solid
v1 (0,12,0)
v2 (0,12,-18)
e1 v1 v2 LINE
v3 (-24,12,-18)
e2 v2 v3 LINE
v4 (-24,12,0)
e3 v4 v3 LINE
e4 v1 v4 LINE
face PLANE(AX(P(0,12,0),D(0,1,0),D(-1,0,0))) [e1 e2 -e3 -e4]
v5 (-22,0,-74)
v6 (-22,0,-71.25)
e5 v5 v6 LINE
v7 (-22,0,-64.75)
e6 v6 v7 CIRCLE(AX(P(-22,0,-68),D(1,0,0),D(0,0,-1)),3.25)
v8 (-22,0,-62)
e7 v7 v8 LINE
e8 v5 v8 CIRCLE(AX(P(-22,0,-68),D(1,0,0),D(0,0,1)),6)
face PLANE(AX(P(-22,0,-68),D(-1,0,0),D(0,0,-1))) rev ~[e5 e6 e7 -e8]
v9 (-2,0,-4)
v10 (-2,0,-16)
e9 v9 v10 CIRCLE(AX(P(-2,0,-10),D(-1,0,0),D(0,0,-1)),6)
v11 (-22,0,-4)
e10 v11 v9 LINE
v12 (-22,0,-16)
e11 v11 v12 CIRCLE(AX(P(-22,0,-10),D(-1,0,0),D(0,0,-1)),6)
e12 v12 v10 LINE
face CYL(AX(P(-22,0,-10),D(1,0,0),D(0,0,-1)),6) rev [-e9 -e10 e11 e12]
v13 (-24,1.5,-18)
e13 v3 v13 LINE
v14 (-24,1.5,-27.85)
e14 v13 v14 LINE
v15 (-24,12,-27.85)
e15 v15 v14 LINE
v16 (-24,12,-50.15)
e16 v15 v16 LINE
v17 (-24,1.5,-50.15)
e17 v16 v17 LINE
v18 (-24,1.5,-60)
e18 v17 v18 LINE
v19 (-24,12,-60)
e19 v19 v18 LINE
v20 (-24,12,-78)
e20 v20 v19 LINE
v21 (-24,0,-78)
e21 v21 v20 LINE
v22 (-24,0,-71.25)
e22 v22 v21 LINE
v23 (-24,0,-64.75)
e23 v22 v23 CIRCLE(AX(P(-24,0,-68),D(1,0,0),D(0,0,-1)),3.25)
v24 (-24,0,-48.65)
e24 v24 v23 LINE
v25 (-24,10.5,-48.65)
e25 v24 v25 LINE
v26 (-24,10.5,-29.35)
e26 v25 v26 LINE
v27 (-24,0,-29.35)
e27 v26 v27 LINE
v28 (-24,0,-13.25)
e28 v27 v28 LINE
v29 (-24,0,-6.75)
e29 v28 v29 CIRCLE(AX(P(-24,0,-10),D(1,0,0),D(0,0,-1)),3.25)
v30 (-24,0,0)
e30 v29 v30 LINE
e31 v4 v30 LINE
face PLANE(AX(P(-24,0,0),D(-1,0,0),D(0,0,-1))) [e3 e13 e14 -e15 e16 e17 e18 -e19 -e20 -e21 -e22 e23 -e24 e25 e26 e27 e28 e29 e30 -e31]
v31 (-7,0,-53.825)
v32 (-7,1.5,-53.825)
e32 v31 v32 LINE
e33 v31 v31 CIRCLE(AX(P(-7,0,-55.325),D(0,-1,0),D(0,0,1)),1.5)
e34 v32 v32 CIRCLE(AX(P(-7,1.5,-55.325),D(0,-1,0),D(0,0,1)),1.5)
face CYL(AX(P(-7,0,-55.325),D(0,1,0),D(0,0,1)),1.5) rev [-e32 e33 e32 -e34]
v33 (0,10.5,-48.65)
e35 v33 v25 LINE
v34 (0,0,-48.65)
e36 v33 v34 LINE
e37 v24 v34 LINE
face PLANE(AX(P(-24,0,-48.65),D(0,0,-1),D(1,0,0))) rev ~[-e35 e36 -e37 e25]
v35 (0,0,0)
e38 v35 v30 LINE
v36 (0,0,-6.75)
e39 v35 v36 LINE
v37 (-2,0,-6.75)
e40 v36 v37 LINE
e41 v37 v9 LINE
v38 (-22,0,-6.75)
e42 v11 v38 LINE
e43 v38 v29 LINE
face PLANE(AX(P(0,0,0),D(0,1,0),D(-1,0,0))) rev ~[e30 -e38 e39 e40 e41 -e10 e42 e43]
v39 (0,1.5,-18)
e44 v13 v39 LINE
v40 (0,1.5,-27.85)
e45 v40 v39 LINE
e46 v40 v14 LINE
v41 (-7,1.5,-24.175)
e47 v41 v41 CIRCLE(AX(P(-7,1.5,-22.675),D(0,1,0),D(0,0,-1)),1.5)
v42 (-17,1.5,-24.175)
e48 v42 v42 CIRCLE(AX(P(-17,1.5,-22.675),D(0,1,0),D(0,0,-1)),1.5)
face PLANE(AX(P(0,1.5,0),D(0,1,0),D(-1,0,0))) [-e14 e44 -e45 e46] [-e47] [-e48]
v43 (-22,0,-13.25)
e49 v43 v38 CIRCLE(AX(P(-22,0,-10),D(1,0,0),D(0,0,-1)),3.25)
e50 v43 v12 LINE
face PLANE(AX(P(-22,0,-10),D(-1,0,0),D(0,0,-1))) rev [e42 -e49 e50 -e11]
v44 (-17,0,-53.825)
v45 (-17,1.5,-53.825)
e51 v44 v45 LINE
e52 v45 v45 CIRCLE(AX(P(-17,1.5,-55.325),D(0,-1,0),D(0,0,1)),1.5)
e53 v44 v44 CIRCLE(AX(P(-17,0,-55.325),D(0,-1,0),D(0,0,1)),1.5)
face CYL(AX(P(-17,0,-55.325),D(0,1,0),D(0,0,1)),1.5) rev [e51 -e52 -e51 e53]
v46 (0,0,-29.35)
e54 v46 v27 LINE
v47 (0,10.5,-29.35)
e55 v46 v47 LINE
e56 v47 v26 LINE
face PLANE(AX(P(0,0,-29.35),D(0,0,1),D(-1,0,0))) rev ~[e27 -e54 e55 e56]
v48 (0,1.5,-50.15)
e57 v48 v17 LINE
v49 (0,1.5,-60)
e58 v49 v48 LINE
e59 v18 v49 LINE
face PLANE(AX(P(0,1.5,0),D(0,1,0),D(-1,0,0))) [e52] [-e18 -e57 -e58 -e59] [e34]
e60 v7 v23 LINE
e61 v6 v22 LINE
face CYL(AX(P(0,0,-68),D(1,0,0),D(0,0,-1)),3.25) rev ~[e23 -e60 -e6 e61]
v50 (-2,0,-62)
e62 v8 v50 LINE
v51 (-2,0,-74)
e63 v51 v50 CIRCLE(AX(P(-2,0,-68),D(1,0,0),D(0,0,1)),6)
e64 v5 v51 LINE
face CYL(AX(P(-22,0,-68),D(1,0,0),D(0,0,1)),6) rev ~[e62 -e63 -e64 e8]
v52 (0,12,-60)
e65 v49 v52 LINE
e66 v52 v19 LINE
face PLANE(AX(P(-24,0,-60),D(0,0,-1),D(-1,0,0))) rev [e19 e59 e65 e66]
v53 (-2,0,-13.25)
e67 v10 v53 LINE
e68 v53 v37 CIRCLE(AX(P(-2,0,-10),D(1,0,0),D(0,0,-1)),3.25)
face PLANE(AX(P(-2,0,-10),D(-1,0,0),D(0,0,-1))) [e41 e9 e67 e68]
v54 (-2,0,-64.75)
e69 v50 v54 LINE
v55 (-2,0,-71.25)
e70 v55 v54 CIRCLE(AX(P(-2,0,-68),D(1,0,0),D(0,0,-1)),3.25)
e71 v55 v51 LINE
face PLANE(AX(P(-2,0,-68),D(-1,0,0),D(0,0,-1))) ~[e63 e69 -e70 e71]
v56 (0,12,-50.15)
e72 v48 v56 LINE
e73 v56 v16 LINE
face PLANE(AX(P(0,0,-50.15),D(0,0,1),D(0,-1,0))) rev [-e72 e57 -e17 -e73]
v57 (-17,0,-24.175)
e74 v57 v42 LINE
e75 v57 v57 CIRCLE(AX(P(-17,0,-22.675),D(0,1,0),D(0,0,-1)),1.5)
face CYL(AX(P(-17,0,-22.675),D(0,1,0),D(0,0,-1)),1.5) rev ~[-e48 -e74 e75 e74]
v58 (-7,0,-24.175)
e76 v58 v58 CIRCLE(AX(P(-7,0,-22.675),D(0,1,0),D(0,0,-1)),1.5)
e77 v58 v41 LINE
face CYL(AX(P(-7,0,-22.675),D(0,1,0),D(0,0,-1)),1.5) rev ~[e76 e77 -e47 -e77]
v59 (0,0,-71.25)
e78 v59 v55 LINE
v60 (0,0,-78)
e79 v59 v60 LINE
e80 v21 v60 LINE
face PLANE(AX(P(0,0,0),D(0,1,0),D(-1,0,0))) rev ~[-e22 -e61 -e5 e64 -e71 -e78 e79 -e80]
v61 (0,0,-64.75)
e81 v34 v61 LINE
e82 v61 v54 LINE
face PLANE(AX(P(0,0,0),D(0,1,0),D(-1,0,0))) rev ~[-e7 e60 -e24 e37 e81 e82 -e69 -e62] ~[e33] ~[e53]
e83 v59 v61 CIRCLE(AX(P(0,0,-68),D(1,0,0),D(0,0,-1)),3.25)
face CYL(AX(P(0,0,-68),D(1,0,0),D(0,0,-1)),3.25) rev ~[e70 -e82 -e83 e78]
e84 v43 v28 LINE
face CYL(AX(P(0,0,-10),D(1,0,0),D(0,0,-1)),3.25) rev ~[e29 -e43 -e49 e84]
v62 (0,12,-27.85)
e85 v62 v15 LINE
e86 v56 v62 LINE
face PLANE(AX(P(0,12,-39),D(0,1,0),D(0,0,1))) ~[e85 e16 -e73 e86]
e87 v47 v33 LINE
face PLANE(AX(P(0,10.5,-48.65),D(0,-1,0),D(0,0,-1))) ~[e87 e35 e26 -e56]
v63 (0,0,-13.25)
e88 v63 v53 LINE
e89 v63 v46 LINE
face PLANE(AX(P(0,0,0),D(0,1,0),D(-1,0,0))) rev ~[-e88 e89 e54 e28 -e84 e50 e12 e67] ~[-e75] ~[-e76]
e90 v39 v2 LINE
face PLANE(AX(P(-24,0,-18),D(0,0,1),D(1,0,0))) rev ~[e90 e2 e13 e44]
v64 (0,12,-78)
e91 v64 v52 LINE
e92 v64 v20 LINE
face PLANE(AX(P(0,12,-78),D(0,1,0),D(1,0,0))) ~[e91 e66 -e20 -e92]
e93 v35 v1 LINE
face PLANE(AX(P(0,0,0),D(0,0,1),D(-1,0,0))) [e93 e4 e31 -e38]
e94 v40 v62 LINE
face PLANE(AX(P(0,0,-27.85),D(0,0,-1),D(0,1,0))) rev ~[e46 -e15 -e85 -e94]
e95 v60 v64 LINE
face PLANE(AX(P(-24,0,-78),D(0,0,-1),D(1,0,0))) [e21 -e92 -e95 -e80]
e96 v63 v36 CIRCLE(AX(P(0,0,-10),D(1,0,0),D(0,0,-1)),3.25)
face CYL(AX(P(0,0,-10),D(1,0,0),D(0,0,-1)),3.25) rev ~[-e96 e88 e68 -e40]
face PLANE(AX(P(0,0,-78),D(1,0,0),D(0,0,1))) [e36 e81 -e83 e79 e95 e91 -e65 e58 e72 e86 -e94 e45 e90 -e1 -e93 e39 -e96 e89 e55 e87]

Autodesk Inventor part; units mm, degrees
ref_plane "YZ Plane" through (0, 0, 0) normal (1, 0, 0) x (0, 1, 0)
ref_plane "XZ Plane" through (0, 0, 0) normal (0, 1, 0) x (-1, 0, 0)
sketch "Sketch1" plane through (0, 0, 0) normal (0, 1, 0) x (-1, 0, 0)
  line L0 (0, 0) -> (24, 0)
  line L1 (24, 0) -> (24, -78)
  line L2 (24, -78) -> (0, -78)
  line L3 (0, -78) -> (0, 0)
  dimension "d0" = 78
  dimension "d1" = 24
extrude "Extrusion1" add sketch "Sketch1" along normal blind 1.5
sketch "Sketch2" plane through (-24, 0, 0) normal (0, 0, 1) x (1, 0, 0)
  line L0 (24, 0) -> (0, 0) projected
  line L1 (0, 0) -> (24, 0)
  line L2 (24, 0) -> (24, 12)
  line L3 (24, 12) -> (0, 12)
  line L4 (0, 12) -> (0, 0)
  line L5 (24, 0) -> (24, 1.5) projected
  dimension "d4" = 12
extrude "Extrusion2" add sketch "Sketch2" against normal blind 18
sketch "Sketch3" plane through (0, 0, 0) normal (0, -1, 0) x (1, 0, 0)
  line L0 (-2, -10) -> (-22, -10)
  line L1 (-22, -10) -> (-22, -16)
  line L2 (-22, -16) -> (-2, -16)
  line L3 (-2, -16) -> (-2, -10)
  line L4 (-24, 0) -> (0, 0) projected
  line L5 (-24, -78) -> (-24, 0) projected
  line L6 (-2, -13) -> (-22, -13) construction
  line L7 (-12, 0) -> (-12, -78) construction
  line L8 (0, -78) -> (-24, -78) construction
  point P0 (-12, -13)
  dimension "d7" = 20
  dimension "d8" = 6
  dimension "d9" = 16
revolve "Revolution1" cut sketch "Sketch3" angle 360 about axis through (-2, 0, -10) along (-1, 0, 0)
ref_plane "Work Plane1" through (-24, 0, -39) normal (0, 0, 1) x (1, 0, 0)
sketch "Sketch4" plane through (0, 0, 0) normal (0, -1, 0) x (1, 0, 0)
  line L0 (0, 0) -> (0, -78) construction
  line L1 (0, -39) -> (-24, -39) construction
  line L2 (-24, -78) -> (-24, -18) construction
  line L3 (-24, -48.65) -> (0, -48.65)
  line L4 (0, -48.65) -> (0, -29.35)
  line L5 (0, -29.35) -> (-24, -29.35)
  line L6 (-24, -29.35) -> (-24, -48.65)
  line L7 (-24, -48.65) -> (0, -29.35) construction
  line L8 (0, -48.65) -> (-24, -29.35) construction
  point P0 (-12, -39)
  dimension "d12" = 19.3
extrude "Extrusion3" cut sketch "Sketch4" against normal up to surface (1.5 mm away)
sketch "Sketch5" plane through (0, 0, 0) normal (1, 0, 0) x (0, 0, -1)
  line L0 (29.35, 0) -> (29.35, 1.5) projected
  line L1 (29.35, 0) -> (27.85, 0)
  line L2 (27.85, 0) -> (27.85, 10.5)
  line L3 (27.85, 10.5) -> (29.35, 10.5)
  line L4 (29.35, 10.5) -> (29.35, 0)
  line L5 (27.85, 10.5) -> (39, 10.5)
  line L6 (39, 10.5) -> (39, 12)
  line L7 (39, 12) -> (27.85, 12)
  line L8 (27.85, 12) -> (27.85, 10.5)
  point P0 (0, 0)
  point P1 (29.35, 10.5)
  dimension "d15" = 1.5
  dimension "d16" = 10.5
  dimension "d17" = 1.5
  dimension "d18" = 11.15
extrude "Extrusion4" add sketch "Sketch5" against normal up to surface (24 mm away)
sketch "Sketch6" plane through (0, 0, 0) normal (0, -1, 0) x (1, 0, 0)
  line L0 (-2, -16) -> (-22, -16) construction
  line L1 (-24, -29.35) -> (0, -29.35) construction
  line L2 (-2, -16) -> (-22, -16) construction
  line L3 (-22, -16) -> (-22, -29.35) construction
  line L4 (-22, -29.35) -> (-2, -29.35) construction
  line L5 (-2, -29.35) -> (-2, -16) construction
  line L6 (-22, -16) -> (-22, -4) construction
  line L7 (-2, -22.675) -> (-22, -22.675) construction
  line L8 (-17, -22.675) -> (-7, -22.675) construction
  point P0 (0, 0)
  point P1 (-12, -22.675)
  dimension "d21" = 10
hole "Hole1" at (-7, 0, -22.675) at (-17, 0, -22.675) direction (0, 1, 0) diameter 3 depth 1.5
mirror "Mirror1" about plane through (-24, 0, -39) normal (0, 0, 1) of "Extrusion2", "Revolution1", "Extrusion4", "Hole1"
sketch "Sketch7" plane through (0, 0, 0) normal (1, 0, 0) x (0, 0, -1)
  line L0 (16, 0) -> (4, 0) projected
  arc A0 (13.25, 0) -> (6.75, 0) centre (10, 0) ccw
  line L1 (48.65, 0) -> (78, 0) projected
  arc A1 (71.25, 0) -> (64.75, 0) centre (68, 0) ccw
  arc A2 (16, 0) -> (4, 0) centre (10, 0) ccw projected
  arc A3 (74, 0) -> (62, 0) centre (68, 0) ccw projected
  line L2 (6.75, 0) -> (13.25, 0)
  line L3 (64.75, 0) -> (71.25, 0)
  point P0 (0, 0)
  dimension "d29" = 3.25
extrude "Extrusion5" cut sketch "Sketch7" against normal up to surface (24 mm away) contours L0 A0 | A1 L1
equation "\"d1\" = slider_top_width"
equation "\"d2\" = slider_top_thickness"
equation "\"d4\" = slider_top_height"
equation "\"d5\" = 2 * bearing_dist - bearing_diameter"
equation "\"d7\" = bearing_length"
equation "\"d8\" = 0.5 * bearing_diameter"
equation "\"d13\" = 2 * bearing_dist - bearing_diameter"
equation "\"d21\" = screw_dist"
equation "\"d22\" = screw_diameter"
equation "\"d29\" = 0.5 * rod_free_tolerance + 0.5 * slider_rod_diameter"
equation "\"slider_top_width\" = 24"
equation "\"slider_top_height\" = 12"
equation "\"slider_top_thickness\" = 1.5"
equation "\"bearing_length\" = 20"
equation "\"bearing_diameter\" = 12"
equation "\"bearing_dist\" = 15"
equation "\"lead_screw_outer_diameter\" = 12"
equation "\"screw_dist\" = 10"
equation "\"screw_diameter\" = 3"
equation "\"slider_rod_diameter\" = 6"
equation "\"rod_free_tolerance\" = 0.5"
properties part number "carriage_slider_top"
